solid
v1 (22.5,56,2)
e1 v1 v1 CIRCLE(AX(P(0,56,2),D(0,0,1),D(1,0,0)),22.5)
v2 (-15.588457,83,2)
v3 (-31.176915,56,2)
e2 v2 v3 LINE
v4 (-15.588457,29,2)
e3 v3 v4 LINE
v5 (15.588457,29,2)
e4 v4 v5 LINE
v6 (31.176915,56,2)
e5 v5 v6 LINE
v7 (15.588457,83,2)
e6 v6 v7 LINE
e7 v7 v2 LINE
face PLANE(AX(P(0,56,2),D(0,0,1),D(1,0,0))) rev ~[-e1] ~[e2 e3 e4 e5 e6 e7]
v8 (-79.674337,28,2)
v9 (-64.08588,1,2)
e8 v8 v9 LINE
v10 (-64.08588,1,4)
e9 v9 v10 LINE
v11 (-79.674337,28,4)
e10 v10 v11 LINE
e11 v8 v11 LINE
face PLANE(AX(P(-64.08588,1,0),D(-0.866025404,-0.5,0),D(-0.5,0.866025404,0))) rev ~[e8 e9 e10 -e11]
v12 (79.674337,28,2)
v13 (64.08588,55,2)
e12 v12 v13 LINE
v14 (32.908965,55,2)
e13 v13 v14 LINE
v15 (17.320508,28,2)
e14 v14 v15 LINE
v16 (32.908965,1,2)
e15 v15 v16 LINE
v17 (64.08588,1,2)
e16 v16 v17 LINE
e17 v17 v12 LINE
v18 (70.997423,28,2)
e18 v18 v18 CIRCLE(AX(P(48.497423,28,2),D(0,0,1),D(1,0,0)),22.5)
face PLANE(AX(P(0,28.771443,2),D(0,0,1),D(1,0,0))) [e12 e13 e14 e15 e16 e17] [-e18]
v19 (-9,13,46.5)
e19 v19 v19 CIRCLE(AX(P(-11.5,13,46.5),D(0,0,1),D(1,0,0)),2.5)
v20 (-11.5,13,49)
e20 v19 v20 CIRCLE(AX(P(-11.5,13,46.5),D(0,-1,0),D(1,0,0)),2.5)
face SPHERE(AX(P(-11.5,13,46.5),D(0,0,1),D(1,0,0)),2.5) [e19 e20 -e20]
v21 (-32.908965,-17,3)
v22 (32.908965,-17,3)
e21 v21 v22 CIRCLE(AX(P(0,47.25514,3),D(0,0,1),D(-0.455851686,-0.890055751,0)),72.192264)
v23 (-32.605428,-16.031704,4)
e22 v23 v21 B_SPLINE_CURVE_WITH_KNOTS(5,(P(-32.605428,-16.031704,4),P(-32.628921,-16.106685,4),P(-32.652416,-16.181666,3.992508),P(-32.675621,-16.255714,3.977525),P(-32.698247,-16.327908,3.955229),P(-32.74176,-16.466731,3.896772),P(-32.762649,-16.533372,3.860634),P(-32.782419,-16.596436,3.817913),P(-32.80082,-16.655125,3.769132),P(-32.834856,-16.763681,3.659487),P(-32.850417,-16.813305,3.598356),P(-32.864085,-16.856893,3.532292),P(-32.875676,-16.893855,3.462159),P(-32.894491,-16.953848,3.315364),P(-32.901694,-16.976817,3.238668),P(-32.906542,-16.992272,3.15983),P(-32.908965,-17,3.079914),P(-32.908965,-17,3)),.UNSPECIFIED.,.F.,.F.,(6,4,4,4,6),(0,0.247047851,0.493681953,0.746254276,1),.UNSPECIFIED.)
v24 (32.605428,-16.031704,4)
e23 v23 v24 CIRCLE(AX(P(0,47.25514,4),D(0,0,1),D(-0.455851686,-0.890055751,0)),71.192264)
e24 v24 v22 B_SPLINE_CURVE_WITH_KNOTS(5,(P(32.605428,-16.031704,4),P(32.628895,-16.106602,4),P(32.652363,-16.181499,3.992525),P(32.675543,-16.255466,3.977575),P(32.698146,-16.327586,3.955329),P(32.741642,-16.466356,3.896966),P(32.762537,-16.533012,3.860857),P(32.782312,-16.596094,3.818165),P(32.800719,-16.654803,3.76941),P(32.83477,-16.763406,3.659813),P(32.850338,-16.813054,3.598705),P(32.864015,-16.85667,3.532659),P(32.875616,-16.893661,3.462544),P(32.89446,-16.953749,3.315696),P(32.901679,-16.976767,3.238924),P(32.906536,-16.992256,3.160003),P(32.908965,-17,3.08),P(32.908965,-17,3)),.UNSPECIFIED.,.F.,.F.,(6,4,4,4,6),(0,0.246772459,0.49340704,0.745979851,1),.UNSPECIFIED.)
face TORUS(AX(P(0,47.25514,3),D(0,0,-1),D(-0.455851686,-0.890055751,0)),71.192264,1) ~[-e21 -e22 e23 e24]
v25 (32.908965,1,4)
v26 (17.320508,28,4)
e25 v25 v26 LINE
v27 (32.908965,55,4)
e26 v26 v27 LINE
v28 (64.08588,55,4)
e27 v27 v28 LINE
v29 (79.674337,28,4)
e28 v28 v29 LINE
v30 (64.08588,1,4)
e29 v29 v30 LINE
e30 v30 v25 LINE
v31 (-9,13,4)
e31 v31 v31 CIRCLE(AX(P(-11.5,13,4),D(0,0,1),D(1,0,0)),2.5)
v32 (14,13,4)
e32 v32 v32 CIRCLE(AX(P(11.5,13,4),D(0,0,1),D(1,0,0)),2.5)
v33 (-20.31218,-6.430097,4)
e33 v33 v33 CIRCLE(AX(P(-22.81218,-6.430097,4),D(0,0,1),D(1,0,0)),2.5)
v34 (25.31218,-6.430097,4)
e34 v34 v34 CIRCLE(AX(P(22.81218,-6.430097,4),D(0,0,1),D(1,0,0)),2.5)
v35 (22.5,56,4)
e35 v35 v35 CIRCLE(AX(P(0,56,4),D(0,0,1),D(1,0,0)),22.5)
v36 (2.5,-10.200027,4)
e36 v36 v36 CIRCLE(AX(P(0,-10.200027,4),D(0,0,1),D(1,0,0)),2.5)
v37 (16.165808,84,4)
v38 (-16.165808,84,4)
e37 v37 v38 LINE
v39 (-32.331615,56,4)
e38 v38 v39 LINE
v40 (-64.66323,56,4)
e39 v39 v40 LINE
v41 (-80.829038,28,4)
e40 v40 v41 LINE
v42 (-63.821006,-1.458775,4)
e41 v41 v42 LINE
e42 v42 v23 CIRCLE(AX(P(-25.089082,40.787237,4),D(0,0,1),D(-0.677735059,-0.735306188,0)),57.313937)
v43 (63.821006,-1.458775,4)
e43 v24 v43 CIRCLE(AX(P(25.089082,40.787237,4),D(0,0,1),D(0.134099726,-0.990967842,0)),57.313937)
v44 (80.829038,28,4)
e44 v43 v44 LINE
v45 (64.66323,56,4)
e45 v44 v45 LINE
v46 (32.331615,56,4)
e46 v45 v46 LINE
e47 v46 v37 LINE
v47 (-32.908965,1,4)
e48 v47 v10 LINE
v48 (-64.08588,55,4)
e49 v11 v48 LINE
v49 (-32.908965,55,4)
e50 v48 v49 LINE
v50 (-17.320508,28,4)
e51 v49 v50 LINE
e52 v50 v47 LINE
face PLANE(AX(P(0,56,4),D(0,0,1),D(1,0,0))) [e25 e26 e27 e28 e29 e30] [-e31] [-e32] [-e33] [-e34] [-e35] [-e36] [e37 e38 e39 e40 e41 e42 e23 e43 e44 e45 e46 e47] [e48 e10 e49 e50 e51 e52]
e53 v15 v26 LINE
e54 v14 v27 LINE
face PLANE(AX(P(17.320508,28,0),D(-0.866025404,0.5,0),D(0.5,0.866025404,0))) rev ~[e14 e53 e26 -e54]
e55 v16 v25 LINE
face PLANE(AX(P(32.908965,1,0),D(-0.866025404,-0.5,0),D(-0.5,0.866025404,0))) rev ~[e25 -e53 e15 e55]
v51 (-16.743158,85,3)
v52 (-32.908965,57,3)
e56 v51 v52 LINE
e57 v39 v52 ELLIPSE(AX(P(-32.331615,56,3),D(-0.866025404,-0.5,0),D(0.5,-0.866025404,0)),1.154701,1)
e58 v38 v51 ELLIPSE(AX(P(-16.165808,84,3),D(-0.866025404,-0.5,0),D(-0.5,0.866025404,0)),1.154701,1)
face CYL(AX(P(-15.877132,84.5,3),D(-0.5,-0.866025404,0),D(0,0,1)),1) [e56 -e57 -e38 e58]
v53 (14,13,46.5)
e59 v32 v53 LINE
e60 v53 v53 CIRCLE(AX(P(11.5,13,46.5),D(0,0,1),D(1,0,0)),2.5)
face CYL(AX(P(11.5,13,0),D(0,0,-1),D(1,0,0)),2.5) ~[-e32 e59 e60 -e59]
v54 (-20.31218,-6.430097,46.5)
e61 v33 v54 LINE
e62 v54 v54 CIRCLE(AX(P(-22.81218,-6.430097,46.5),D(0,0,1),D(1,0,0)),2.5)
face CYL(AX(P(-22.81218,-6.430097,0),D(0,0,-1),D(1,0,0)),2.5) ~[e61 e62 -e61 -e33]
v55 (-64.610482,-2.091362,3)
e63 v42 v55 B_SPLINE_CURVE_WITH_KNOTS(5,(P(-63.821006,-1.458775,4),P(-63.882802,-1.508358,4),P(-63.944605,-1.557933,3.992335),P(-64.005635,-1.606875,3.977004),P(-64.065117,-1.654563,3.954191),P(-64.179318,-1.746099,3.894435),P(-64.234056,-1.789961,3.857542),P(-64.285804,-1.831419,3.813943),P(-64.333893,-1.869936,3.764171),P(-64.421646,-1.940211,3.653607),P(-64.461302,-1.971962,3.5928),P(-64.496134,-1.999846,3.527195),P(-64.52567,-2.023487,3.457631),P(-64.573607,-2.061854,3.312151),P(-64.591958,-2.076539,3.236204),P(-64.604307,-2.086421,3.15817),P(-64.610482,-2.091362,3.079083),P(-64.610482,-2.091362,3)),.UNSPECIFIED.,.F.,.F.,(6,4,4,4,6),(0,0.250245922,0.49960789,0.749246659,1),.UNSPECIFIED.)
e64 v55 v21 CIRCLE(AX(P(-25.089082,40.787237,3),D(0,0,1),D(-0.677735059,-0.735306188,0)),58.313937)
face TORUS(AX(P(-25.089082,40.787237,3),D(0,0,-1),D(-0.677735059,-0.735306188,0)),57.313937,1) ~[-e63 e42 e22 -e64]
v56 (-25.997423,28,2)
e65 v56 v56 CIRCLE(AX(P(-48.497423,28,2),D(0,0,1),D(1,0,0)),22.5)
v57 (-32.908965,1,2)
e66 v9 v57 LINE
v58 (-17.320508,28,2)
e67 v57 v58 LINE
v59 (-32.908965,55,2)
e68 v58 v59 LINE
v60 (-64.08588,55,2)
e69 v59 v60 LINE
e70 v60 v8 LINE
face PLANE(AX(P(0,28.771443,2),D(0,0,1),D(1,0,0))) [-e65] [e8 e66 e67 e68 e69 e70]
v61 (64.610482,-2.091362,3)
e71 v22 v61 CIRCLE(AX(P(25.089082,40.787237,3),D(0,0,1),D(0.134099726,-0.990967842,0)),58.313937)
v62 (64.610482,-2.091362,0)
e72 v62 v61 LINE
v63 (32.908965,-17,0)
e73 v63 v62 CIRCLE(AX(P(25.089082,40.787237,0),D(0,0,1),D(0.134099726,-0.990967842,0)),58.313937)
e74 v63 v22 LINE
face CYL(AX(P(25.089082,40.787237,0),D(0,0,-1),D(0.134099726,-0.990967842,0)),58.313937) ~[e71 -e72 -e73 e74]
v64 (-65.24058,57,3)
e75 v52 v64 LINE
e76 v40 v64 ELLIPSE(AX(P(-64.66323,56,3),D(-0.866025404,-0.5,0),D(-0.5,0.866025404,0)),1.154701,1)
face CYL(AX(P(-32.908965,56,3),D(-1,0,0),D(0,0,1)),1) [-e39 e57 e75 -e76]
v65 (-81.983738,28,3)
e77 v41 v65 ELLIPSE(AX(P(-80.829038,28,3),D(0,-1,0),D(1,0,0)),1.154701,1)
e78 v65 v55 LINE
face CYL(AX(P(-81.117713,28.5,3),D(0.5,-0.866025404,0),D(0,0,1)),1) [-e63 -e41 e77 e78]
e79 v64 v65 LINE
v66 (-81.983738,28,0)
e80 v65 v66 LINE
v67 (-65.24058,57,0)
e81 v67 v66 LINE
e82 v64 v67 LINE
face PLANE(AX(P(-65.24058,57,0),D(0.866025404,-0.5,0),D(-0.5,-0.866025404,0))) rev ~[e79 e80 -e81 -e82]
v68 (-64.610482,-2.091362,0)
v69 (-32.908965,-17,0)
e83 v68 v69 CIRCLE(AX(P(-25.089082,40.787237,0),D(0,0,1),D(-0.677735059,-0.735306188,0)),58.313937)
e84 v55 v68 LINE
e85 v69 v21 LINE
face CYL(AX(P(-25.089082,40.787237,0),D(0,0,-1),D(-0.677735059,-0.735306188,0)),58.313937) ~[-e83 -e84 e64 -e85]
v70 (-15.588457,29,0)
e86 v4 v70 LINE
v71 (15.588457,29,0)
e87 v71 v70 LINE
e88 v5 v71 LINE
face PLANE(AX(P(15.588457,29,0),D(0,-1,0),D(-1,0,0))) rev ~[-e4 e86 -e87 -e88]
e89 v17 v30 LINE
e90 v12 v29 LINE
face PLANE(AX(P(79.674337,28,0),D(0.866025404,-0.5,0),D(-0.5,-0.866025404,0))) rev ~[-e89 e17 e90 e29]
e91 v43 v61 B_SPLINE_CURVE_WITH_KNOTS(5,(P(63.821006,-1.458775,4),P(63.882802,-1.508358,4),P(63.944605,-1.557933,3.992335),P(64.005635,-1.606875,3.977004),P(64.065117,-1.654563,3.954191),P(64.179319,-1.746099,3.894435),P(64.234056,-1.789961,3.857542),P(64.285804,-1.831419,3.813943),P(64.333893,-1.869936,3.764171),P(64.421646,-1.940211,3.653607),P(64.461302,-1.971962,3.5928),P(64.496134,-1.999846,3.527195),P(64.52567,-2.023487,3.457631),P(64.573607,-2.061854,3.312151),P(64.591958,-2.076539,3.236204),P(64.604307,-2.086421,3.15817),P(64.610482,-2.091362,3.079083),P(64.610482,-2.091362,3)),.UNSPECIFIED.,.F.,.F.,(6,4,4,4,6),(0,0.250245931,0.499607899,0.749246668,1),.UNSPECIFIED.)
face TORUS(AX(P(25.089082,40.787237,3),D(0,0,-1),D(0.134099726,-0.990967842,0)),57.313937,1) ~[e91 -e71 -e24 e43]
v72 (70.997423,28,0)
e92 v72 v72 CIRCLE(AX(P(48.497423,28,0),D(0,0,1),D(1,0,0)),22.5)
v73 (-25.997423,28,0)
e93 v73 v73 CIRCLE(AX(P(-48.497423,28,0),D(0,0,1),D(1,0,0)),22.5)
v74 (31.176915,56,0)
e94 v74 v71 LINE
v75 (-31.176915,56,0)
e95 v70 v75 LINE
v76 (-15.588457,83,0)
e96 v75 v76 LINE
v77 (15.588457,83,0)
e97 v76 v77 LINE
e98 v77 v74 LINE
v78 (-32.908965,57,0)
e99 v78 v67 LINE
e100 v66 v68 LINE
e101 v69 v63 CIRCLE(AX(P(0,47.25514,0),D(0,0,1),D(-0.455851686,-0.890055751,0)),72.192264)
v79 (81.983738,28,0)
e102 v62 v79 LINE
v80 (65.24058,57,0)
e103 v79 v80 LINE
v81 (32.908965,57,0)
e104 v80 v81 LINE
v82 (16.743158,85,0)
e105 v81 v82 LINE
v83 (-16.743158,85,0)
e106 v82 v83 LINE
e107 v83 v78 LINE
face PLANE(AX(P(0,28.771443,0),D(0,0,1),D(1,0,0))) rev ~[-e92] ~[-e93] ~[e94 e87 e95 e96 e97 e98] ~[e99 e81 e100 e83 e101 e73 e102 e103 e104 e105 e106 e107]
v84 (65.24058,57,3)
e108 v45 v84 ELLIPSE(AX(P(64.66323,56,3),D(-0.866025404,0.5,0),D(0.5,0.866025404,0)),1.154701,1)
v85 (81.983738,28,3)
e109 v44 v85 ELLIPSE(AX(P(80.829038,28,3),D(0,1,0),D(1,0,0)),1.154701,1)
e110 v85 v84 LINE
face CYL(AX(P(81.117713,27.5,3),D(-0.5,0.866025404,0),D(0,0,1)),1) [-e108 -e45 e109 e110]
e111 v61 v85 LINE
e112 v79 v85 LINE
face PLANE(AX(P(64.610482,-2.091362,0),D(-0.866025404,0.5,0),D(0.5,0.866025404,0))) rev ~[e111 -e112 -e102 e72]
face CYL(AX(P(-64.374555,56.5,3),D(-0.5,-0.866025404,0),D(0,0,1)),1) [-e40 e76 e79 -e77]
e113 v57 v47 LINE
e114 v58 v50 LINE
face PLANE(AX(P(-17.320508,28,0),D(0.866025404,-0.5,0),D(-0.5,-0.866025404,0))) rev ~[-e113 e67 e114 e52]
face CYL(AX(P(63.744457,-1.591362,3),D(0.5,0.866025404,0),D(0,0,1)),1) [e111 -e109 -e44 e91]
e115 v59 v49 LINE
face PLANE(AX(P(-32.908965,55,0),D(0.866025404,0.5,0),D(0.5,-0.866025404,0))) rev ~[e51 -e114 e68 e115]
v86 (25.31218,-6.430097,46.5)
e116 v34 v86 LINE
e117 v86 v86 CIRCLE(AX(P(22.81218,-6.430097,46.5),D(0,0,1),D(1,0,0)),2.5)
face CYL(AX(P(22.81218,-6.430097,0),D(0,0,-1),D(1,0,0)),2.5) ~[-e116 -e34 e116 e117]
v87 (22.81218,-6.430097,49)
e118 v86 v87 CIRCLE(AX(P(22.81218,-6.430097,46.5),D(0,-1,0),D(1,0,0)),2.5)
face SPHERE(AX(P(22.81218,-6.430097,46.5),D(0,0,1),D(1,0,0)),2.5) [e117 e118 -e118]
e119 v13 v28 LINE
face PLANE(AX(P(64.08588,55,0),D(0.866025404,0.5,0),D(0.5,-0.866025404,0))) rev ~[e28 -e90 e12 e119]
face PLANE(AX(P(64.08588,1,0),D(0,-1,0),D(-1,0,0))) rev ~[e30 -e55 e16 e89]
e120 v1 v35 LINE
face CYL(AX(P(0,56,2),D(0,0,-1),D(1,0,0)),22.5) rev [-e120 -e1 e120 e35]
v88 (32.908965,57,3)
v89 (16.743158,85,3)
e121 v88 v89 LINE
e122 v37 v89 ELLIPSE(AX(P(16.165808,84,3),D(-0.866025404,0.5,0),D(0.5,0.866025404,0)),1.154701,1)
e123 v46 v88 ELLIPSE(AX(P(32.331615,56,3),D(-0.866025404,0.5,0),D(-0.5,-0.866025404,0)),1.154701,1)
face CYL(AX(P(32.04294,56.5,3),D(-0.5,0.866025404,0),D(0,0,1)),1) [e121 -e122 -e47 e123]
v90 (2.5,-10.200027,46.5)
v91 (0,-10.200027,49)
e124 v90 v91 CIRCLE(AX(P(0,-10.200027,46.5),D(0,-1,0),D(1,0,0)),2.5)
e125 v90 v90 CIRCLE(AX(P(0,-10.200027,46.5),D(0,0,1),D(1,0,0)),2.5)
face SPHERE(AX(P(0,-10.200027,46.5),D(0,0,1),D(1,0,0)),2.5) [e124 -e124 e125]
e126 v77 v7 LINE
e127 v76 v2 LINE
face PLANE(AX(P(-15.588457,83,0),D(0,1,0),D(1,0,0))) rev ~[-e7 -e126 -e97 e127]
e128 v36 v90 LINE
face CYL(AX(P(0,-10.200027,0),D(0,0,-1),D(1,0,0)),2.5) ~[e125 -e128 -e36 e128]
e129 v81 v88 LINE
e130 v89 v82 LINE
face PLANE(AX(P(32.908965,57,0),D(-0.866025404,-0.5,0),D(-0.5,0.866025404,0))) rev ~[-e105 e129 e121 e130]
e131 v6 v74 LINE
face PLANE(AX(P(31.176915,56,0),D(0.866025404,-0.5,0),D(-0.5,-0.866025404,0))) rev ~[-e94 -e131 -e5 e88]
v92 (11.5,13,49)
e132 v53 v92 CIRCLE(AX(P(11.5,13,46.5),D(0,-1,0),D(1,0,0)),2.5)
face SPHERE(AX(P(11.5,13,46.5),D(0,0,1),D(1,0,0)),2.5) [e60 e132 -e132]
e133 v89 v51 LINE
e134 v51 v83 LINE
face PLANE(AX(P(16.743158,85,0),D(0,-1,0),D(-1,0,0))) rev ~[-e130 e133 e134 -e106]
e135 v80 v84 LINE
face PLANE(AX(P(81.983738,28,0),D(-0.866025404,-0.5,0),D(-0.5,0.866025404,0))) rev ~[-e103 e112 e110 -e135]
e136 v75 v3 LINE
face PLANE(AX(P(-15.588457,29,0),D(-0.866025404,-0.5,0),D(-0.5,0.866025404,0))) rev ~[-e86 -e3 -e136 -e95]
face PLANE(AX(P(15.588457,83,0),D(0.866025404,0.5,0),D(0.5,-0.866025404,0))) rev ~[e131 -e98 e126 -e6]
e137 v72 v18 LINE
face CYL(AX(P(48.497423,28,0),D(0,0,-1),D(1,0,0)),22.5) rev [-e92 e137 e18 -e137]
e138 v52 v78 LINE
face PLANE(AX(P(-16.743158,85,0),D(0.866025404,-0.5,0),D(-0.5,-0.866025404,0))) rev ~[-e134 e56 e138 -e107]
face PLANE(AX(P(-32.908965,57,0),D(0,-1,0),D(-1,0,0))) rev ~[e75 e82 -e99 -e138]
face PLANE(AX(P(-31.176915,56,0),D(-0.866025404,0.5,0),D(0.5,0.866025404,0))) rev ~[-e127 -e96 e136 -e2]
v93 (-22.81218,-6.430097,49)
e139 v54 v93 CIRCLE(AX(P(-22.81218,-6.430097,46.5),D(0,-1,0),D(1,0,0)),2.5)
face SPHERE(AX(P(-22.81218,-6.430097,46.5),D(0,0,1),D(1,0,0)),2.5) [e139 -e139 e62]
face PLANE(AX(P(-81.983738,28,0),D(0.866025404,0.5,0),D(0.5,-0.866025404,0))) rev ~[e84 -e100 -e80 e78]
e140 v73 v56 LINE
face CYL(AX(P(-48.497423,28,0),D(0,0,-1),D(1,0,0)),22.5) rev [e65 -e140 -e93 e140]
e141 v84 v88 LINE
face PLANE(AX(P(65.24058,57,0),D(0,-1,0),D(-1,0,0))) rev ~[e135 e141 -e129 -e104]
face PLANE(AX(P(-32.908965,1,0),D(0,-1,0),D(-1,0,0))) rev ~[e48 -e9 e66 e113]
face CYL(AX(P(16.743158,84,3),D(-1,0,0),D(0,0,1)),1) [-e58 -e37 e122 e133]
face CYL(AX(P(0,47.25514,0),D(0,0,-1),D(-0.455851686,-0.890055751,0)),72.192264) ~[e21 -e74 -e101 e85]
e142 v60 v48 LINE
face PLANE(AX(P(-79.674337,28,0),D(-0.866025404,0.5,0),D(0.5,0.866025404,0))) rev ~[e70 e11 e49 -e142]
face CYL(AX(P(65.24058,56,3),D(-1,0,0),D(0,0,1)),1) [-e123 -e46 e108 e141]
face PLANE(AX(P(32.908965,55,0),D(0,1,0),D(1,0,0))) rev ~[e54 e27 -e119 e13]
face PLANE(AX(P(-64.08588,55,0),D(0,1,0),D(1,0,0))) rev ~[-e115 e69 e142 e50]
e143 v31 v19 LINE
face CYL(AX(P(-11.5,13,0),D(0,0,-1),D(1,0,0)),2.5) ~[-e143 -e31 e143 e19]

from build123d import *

# Parameters (mm, degrees)
F0_R     = 2.5
F0_R_2   = 22.5
F1_DEPTH = 2
F2_DEPTH = 4
F3_DEPTH = 49
F4_START = 2
F4_DEPTH = 2
F5_R     = 2.5
F6_R     = 1


with BuildPart() as f1:
    # F0 (on Top) → F1 (new body)
    with BuildSketch(Plane.XY):
        with BuildLine():
            ThreePointArc((-64.6104820835, -2.0913623334), (-49.905732642, -11.9825383792), (-32.9089653438, -17))
            ThreePointArc((-32.9089653438, -17), (0, -24.9371242498), (32.9089653438, -17))
            ThreePointArc((32.9089653438, -17), (49.905732642, -11.9825383792), (64.6104820835, -2.0913623334))
            Line((64.6104820835, -2.0913623334), (81.9837382259, 27.9999999982))
            Line((81.9837382291, 27.9999999928), (65.2405804184, 57))
            Line((65.2405804184, 57), (32.9089653438, 57))
            Line((32.9089653438, 57), (16.7431578065, 85))
            Line((16.7431578065, 85), (-16.7431578065, 85))
            Line((-16.7431578065, 85), (-32.9089653438, 57))
            Line((-32.9089653438, 57), (-65.2405804184, 57))
            Line((-65.2405804184, 57), (-81.9837382259, 27.9999999982))
            Line((-81.9837382259, 27.9999999982), (-64.6104820835, -2.0913623334))
        make_face()
        with Locations((-22.8121797535, -6.4300971625)):
            Circle(F0_R, mode=Mode.SUBTRACT)
        Polygon((-79.6743371482, 28), (-64.08587988, 55), (-32.9089653438, 55), (-17.3205080757, 28), (-32.9089653438, 1), (-64.08587988, 1), align=None, mode=Mode.SUBTRACT)
        with Locations((-11.5, 13)):
            Circle(F0_R, mode=Mode.SUBTRACT)
        with Locations((0, -10.200026891)):
            Circle(F0_R, mode=Mode.SUBTRACT)
        with Locations((22.8121797535, -6.4300971625)):
            Circle(F0_R, mode=Mode.SUBTRACT)
        with Locations((11.5, 13)):
            Circle(F0_R, mode=Mode.SUBTRACT)
        Polygon((64.08587988, 1), (32.9089653438, 1), (17.3205080757, 28), (32.9089653438, 55), (64.08587988, 55), (79.6743371482, 28), align=None, mode=Mode.SUBTRACT)
        Polygon((-31.1769145362, 56), (-15.5884572681, 83), (15.5884572681, 83), (31.1769145362, 56), (15.5884572681, 29), (-15.5884572681, 29), align=None, mode=Mode.SUBTRACT)
        Polygon((-32.9089653438, 55), (-64.08587988, 55), (-79.6743371482, 28), (-64.08587988, 1), (-32.9089653438, 1), (-17.3205080757, 28), align=None)
        with Locations((-48.4974226119, 28)):
            Circle(F0_R_2, mode=Mode.SUBTRACT)
        Polygon((17.3205080757, 28), (32.9089653438, 1), (64.08587988, 1), (79.6743371482, 28), (64.08587988, 55), (32.9089653438, 55), align=None)
        with Locations((48.4974226119, 28)):
            Circle(F0_R_2, mode=Mode.SUBTRACT)
    extrude(amount=F1_DEPTH)

    # F0 (on Top) → F2 (join)
    with BuildSketch(Plane.XY):
        with BuildLine():
            ThreePointArc((-64.6104820835, -2.0913623334), (-49.905732642, -11.9825383792), (-32.9089653438, -17))
            ThreePointArc((-32.9089653438, -17), (0, -24.9371242498), (32.9089653438, -17))
            ThreePointArc((32.9089653438, -17), (49.905732642, -11.9825383792), (64.6104820835, -2.0913623334))
            Line((64.6104820835, -2.0913623334), (81.9837382259, 27.9999999982))
            Line((81.9837382291, 27.9999999928), (65.2405804184, 57))
            Line((65.2405804184, 57), (32.9089653438, 57))
            Line((32.9089653438, 57), (16.7431578065, 85))
            Line((16.7431578065, 85), (-16.7431578065, 85))
            Line((-16.7431578065, 85), (-32.9089653438, 57))
            Line((-32.9089653438, 57), (-65.2405804184, 57))
            Line((-65.2405804184, 57), (-81.9837382259, 27.9999999982))
            Line((-81.9837382259, 27.9999999982), (-64.6104820835, -2.0913623334))
        make_face()
        with Locations((-22.8121797535, -6.4300971625)):
            Circle(F0_R, mode=Mode.SUBTRACT)
        Polygon((-79.6743371482, 28), (-64.08587988, 55), (-32.9089653438, 55), (-17.3205080757, 28), (-32.9089653438, 1), (-64.08587988, 1), align=None, mode=Mode.SUBTRACT)
        with Locations((-11.5, 13)):
            Circle(F0_R, mode=Mode.SUBTRACT)
        with Locations((0, -10.200026891)):
            Circle(F0_R, mode=Mode.SUBTRACT)
        with Locations((22.8121797535, -6.4300971625)):
            Circle(F0_R, mode=Mode.SUBTRACT)
        with Locations((11.5, 13)):
            Circle(F0_R, mode=Mode.SUBTRACT)
        Polygon((64.08587988, 1), (32.9089653438, 1), (17.3205080757, 28), (32.9089653438, 55), (64.08587988, 55), (79.6743371482, 28), align=None, mode=Mode.SUBTRACT)
        Polygon((-31.1769145362, 56), (-15.5884572681, 83), (15.5884572681, 83), (31.1769145362, 56), (15.5884572681, 29), (-15.5884572681, 29), align=None, mode=Mode.SUBTRACT)
    extrude(amount=F2_DEPTH)

    # F0 (on Top) → F3 (join)
    with BuildSketch(Plane.XY):
        with Locations((-11.5, 13)):
            Circle(F0_R)
        with Locations((11.5, 13)):
            Circle(F0_R)
        with Locations((-22.8121797535, -6.4300971625)):
            Circle(F0_R)
        with Locations((0, -10.200026891)):
            Circle(F0_R)
        with Locations((22.8121797535, -6.4300971625)):
            Circle(F0_R)
    extrude(amount=F3_DEPTH)

    # F0 (on Top) → F4 (join)
    with BuildSketch(Plane.XY.offset(F4_START)):
        Polygon((15.5884572681, 83), (-15.5884572681, 83), (-31.1769145362, 56), (-15.5884572681, 29), (15.5884572681, 29), (31.1769145362, 56), align=None)
        with Locations((0, 56)):
            Circle(F0_R_2, mode=Mode.SUBTRACT)
    extrude(amount=F4_DEPTH)

    # F5
    f5_edges = [f1.edges().sort_by_distance(p)[0] for p in [
        (-25.31218, -6.430097, 49),
        (-14, 13, 49),
        (9, 13, 49),
        (20.31218, -6.430097, 49),
        (-2.5, -10.200027, 49),
    ]]
    fillet(f5_edges, radius=F5_R)

    # F6
    f6_edges = [f1.edges().sort_by_distance(p)[0] for p in [
        (-73.29711, 12.954319, 4),
        (-49.905733, -11.982538, 4),
        (0, -24.937124, 4),
        (49.905733, -11.982538, 4),
        (73.29711, 12.954319, 4),
        (73.612159, 42.5, 4),
        (49.074773, 57, 4),
        (24.826062, 71, 4),
        (0, 85, 4),
        (-24.826062, 71, 4),
        (-49.074773, 57, 4),
        (-73.612159, 42.5, 4),
    ]]
    fillet(f6_edges, radius=F6_R)


solid = f1.part
